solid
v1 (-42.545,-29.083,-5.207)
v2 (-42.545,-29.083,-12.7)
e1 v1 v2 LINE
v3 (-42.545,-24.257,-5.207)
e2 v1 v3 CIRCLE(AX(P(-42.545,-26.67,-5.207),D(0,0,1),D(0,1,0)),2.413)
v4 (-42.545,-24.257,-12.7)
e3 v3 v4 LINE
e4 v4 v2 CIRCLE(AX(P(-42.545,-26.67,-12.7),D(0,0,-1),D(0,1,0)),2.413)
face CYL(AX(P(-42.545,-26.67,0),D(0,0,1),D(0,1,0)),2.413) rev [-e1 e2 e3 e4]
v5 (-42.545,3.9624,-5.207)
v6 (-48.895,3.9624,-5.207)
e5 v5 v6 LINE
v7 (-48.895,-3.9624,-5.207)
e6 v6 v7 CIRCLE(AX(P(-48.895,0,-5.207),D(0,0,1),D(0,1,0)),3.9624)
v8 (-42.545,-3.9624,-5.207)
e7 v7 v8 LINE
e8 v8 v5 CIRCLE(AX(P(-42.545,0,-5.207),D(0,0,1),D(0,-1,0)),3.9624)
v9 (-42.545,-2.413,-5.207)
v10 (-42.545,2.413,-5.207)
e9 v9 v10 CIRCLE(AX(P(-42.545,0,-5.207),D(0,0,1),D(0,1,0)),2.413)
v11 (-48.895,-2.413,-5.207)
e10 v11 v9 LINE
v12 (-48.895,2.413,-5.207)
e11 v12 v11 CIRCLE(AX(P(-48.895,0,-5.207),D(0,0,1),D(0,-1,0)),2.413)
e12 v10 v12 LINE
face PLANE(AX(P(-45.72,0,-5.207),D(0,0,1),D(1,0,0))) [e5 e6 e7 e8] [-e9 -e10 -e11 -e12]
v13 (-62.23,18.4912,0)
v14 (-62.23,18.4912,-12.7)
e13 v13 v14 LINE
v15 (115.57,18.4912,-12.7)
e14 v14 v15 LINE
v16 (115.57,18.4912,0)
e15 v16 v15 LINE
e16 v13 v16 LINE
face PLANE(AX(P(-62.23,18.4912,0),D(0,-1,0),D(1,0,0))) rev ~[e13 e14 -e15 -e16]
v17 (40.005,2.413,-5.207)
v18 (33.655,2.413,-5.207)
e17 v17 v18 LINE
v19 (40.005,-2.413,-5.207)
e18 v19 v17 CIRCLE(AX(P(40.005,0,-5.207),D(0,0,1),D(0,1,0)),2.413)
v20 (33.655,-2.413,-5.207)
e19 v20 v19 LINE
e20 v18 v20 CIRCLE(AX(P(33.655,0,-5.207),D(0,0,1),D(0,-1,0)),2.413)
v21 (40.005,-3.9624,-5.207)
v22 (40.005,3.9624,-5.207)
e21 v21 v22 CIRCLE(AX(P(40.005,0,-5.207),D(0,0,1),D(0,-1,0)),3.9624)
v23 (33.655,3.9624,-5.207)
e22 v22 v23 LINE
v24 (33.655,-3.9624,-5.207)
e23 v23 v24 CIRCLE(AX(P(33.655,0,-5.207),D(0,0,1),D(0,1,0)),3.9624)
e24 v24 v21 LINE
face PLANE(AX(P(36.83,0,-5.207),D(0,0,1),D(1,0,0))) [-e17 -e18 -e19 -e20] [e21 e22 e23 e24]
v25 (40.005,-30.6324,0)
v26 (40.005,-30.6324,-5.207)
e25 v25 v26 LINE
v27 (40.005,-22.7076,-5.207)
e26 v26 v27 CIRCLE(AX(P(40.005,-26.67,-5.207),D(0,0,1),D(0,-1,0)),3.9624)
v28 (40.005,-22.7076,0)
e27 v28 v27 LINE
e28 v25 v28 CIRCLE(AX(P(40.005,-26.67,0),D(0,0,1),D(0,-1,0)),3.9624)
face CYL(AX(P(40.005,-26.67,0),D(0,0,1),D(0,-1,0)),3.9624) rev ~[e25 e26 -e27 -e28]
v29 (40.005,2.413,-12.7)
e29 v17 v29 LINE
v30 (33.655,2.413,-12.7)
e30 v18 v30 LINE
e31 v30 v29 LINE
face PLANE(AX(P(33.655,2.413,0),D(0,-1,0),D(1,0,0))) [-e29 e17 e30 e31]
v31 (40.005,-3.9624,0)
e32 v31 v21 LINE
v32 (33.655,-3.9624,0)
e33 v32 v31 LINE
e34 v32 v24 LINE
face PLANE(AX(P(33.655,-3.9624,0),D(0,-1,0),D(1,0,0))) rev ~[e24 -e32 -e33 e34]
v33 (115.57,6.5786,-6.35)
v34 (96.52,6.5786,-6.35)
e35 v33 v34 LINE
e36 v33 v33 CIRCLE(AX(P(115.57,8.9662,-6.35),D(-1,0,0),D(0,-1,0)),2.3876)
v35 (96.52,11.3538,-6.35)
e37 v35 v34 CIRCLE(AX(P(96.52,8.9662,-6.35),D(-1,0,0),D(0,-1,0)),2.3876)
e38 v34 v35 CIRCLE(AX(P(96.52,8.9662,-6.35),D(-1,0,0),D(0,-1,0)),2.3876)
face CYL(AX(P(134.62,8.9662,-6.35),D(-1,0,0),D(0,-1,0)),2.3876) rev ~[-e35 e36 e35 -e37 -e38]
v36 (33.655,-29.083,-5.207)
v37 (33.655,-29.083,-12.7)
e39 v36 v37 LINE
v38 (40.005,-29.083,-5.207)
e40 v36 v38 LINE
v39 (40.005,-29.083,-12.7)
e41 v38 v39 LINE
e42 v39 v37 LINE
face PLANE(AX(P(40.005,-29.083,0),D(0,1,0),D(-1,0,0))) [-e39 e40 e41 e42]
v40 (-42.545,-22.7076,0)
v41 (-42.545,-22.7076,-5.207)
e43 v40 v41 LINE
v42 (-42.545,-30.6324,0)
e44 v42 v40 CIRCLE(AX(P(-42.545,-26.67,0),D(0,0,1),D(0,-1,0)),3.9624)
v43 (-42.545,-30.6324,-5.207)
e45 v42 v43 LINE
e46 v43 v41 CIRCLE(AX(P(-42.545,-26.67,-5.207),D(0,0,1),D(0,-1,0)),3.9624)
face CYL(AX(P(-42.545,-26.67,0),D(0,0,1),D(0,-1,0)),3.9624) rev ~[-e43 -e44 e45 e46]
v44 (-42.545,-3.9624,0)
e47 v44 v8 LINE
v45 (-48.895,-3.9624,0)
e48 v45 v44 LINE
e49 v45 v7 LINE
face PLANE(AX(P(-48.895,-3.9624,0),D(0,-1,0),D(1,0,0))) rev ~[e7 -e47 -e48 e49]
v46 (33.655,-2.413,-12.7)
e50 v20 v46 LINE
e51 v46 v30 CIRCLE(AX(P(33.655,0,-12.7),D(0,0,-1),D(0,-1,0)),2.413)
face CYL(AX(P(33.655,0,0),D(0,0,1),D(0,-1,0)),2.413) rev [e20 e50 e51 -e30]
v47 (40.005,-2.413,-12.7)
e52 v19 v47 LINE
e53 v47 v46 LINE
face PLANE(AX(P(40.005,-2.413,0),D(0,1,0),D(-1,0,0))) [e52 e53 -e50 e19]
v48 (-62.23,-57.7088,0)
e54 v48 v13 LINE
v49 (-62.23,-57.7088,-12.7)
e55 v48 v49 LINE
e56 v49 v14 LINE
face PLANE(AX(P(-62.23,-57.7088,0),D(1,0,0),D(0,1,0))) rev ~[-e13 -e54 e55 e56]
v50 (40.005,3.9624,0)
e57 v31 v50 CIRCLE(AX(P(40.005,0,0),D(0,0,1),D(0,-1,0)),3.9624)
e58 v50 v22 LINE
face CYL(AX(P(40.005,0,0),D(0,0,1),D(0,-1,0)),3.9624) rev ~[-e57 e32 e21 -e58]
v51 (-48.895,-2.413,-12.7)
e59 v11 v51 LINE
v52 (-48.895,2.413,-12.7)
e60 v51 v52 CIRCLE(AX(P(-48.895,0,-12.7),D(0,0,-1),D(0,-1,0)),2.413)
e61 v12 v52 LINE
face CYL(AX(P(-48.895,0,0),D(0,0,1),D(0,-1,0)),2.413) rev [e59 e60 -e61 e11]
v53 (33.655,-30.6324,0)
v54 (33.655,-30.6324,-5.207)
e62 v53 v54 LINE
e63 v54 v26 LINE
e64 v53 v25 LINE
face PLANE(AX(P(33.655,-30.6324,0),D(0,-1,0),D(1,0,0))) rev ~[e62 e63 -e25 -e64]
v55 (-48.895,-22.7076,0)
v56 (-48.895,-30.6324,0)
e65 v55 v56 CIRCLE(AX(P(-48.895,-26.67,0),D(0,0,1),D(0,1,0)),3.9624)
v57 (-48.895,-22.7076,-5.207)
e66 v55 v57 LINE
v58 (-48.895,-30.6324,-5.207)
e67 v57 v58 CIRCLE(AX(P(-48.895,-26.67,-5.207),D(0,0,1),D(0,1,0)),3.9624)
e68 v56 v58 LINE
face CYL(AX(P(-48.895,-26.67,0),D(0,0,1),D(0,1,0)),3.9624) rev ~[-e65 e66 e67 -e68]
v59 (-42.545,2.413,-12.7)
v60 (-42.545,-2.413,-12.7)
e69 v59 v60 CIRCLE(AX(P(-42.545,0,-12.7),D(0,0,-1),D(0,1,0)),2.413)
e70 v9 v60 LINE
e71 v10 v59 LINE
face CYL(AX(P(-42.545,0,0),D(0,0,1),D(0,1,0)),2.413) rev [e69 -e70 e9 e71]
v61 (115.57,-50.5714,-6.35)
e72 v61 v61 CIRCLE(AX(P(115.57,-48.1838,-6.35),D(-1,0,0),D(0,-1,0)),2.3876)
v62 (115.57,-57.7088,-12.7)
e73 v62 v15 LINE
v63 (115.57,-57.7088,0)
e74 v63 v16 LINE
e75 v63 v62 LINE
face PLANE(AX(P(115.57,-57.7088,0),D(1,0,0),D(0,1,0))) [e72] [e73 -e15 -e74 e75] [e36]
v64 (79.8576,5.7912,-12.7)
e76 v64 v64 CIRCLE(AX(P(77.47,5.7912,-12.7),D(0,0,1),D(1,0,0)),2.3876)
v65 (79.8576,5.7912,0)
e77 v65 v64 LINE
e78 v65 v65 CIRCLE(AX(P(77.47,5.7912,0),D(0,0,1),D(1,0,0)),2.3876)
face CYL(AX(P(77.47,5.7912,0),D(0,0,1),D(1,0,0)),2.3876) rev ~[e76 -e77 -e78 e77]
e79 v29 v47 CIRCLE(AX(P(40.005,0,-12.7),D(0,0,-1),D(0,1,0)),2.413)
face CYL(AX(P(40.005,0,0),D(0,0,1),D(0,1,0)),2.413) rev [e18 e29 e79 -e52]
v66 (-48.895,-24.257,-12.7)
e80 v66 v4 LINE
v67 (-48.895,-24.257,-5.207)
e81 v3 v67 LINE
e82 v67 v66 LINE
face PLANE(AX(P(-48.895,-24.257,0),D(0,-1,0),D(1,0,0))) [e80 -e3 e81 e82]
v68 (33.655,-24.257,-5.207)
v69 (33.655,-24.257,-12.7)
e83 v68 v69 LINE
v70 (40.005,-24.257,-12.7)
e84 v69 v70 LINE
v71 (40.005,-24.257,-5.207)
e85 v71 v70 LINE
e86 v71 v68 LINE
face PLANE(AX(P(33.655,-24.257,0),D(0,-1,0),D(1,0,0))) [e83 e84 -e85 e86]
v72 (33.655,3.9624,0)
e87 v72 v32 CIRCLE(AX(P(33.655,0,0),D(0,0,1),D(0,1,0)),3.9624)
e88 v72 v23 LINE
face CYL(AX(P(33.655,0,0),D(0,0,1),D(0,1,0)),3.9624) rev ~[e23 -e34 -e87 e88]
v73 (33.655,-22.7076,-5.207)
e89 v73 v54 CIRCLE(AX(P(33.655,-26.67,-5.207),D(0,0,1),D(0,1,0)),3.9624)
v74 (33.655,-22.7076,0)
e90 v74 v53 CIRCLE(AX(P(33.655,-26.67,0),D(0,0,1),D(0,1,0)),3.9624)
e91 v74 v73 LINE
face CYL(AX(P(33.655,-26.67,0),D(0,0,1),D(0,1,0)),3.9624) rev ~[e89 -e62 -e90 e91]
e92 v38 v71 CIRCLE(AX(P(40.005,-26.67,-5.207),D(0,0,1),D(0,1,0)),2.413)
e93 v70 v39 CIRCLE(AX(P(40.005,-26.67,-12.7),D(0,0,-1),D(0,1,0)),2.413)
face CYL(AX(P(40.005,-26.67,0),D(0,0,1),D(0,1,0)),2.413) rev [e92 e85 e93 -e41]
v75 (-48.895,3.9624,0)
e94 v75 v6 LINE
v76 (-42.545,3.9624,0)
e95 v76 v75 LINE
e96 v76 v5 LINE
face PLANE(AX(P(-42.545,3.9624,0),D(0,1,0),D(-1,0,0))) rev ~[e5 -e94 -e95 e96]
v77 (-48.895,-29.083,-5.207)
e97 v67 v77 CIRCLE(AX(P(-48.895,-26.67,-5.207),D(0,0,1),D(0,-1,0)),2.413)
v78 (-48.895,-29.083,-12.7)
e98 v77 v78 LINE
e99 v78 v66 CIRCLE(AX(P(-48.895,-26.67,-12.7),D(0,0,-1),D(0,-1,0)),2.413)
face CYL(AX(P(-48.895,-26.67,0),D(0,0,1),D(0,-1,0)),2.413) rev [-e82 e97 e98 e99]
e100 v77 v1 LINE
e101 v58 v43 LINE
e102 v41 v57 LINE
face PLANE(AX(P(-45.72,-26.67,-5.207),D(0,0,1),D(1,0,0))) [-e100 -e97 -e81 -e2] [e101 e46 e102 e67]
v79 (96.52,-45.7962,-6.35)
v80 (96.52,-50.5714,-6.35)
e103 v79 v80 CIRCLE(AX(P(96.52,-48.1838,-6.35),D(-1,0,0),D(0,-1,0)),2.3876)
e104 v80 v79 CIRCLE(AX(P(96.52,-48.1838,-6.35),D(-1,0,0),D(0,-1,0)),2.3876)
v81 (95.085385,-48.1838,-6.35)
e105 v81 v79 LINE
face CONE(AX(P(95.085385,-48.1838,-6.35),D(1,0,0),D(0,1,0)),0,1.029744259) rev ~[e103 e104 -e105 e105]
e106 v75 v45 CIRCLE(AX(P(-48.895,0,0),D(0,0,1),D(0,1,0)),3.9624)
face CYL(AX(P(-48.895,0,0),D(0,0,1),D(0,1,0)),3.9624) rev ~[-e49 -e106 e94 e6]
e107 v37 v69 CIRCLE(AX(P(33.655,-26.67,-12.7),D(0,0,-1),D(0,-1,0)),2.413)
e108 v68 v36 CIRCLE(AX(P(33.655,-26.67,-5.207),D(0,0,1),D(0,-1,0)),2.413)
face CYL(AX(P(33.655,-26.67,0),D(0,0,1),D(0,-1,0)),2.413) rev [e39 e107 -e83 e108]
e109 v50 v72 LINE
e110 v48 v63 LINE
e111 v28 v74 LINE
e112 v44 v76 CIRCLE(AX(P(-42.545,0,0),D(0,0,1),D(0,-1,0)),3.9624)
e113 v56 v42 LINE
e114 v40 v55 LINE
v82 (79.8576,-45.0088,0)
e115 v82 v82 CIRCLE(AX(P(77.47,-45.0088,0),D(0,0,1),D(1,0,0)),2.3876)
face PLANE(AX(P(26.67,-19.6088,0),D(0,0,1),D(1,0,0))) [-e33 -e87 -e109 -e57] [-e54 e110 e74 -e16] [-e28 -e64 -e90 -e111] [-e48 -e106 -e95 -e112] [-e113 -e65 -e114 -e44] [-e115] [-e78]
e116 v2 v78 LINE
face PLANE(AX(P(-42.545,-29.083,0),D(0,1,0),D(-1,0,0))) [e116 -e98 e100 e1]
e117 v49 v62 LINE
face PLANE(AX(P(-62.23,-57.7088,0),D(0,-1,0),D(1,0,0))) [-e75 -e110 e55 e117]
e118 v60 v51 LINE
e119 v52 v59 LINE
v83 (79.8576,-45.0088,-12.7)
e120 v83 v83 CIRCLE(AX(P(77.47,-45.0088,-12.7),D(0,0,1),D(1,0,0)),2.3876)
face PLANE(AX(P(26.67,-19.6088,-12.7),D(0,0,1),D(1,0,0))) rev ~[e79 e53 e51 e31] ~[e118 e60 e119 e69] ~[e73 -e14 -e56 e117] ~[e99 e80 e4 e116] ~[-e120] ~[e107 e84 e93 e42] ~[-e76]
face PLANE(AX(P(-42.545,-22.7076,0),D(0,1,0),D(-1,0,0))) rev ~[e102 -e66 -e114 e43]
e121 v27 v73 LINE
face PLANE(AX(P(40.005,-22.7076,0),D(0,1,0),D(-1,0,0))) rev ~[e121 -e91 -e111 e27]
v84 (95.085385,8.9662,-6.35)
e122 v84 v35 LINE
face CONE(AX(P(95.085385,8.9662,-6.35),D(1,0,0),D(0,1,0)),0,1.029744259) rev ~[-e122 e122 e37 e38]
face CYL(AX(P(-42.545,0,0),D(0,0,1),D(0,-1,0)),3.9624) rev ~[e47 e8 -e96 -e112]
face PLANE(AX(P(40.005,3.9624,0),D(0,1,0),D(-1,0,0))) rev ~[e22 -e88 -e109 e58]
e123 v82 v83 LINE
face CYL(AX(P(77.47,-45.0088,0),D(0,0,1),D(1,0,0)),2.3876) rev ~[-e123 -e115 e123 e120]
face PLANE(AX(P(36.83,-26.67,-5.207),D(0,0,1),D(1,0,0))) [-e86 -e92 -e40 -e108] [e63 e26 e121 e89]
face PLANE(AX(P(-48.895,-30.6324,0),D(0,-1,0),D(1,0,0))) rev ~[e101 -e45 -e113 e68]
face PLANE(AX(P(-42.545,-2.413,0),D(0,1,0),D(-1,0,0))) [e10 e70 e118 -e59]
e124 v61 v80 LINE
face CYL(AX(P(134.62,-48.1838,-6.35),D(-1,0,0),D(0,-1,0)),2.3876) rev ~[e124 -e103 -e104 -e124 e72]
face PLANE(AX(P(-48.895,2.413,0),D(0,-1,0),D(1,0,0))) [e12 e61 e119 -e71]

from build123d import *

# Parameters (mm, degrees)
F0_W     = 177.8
F0_H     = 76.2
F0_R     = 2.3876
F1_DEPTH = 12.7
F3_DEPTH = 5.207
F5_D     = 4.7752
F5_DEPTH = 19.05
F5_TIP   = 1.434614814


with BuildPart() as f1:
    # F0 (on Top) → F1 (new body)
    with BuildSketch(Plane.XY):
        with Locations((26.67, -19.6088)):
            Rectangle(F0_W, F0_H)
        with BuildLine():
            ThreePointArc((-48.895, -29.083), (-51.308, -26.67), (-48.895, -24.257))
            Line((-48.895, -24.257), (-42.545, -24.257))
            ThreePointArc((-42.545, -24.257), (-40.132, -26.67), (-42.545, -29.083))
            Line((-42.545, -29.083), (-48.895, -29.083))
        make_face(mode=Mode.SUBTRACT)
        with Locations((77.47, -45.0088)):
            Circle(F0_R, mode=Mode.SUBTRACT)
        with BuildLine():
            ThreePointArc((33.655, -29.083), (31.242, -26.67), (33.655, -24.257))
            Line((33.655, -24.257), (40.005, -24.257))
            ThreePointArc((40.005, -24.257), (42.418, -26.67), (40.005, -29.083))
            Line((40.005, -29.083), (33.655, -29.083))
        make_face(mode=Mode.SUBTRACT)
        with BuildLine():
            ThreePointArc((-48.895, -2.413), (-51.308, 0), (-48.895, 2.413))
            Line((-48.895, 2.413), (-42.545, 2.413))
            ThreePointArc((-42.545, 2.413), (-40.132, 0), (-42.545, -2.413))
            Line((-42.545, -2.413), (-48.895, -2.413))
        make_face(mode=Mode.SUBTRACT)
        with BuildLine():
            Line((40.005, -2.413), (33.655, -2.413))
            ThreePointArc((33.655, -2.413), (31.242, 0), (33.655, 2.413))
            Line((33.655, 2.413), (40.005, 2.413))
            ThreePointArc((40.005, 2.413), (42.418, 0), (40.005, -2.413))
        make_face(mode=Mode.SUBTRACT)
        with Locations((77.47, 5.7912)):
            Circle(F0_R, mode=Mode.SUBTRACT)
    extrude(amount=-F1_DEPTH)

    # F2 (on face) → F3 (cut)
    with BuildSketch(Plane.XY):
        with BuildLine():
            Line((-42.545, 3.9624), (-48.895, 3.9624))
            ThreePointArc((-48.895, 3.9624), (-52.8574, 0), (-48.895, -3.9624))
            Line((-48.895, -3.9624), (-42.545, -3.9624))
            ThreePointArc((-42.545, -3.9624), (-38.5826, 0), (-42.545, 3.9624))
        make_face()
        with BuildLine():
            Line((33.655, -3.9624), (40.005, -3.9624))
            ThreePointArc((40.005, -3.9624), (43.9674, 0), (40.005, 3.9624))
            Line((40.005, 3.9624), (33.655, 3.9624))
            ThreePointArc((33.655, 3.9624), (29.6926, 0), (33.655, -3.9624))
        make_face()
        with BuildLine():
            ThreePointArc((40.005, -30.6324), (43.9674, -26.67), (40.005, -22.7076))
            Line((40.005, -22.7076), (33.655, -22.7076))
            ThreePointArc((33.655, -22.7076), (29.6926, -26.67), (33.655, -30.6324))
            Line((33.655, -30.6324), (40.005, -30.6324))
        make_face()
        with BuildLine():
            Line((-42.545, -22.7076), (-48.895, -22.7076))
            ThreePointArc((-48.895, -22.7076), (-52.8574, -26.67), (-48.895, -30.6324))
            Line((-48.895, -30.6324), (-42.545, -30.6324))
            ThreePointArc((-42.545, -30.6324), (-38.5826, -26.67), (-42.545, -22.7076))
        make_face()
    extrude(amount=-F3_DEPTH, mode=Mode.SUBTRACT)

    # F5
    with Locations(Plane.YZ.offset(115.57)):
        with Locations((-48.1838, -6.35), (8.9662, -6.35)):
            Hole(F5_D / 2, depth=F5_DEPTH)
            with Locations((0, 0, -(F5_DEPTH + F5_TIP / 2))):  # 118° drill point
                Cone(0, F5_D / 2, F5_TIP, mode=Mode.SUBTRACT)


solid = f1.part
